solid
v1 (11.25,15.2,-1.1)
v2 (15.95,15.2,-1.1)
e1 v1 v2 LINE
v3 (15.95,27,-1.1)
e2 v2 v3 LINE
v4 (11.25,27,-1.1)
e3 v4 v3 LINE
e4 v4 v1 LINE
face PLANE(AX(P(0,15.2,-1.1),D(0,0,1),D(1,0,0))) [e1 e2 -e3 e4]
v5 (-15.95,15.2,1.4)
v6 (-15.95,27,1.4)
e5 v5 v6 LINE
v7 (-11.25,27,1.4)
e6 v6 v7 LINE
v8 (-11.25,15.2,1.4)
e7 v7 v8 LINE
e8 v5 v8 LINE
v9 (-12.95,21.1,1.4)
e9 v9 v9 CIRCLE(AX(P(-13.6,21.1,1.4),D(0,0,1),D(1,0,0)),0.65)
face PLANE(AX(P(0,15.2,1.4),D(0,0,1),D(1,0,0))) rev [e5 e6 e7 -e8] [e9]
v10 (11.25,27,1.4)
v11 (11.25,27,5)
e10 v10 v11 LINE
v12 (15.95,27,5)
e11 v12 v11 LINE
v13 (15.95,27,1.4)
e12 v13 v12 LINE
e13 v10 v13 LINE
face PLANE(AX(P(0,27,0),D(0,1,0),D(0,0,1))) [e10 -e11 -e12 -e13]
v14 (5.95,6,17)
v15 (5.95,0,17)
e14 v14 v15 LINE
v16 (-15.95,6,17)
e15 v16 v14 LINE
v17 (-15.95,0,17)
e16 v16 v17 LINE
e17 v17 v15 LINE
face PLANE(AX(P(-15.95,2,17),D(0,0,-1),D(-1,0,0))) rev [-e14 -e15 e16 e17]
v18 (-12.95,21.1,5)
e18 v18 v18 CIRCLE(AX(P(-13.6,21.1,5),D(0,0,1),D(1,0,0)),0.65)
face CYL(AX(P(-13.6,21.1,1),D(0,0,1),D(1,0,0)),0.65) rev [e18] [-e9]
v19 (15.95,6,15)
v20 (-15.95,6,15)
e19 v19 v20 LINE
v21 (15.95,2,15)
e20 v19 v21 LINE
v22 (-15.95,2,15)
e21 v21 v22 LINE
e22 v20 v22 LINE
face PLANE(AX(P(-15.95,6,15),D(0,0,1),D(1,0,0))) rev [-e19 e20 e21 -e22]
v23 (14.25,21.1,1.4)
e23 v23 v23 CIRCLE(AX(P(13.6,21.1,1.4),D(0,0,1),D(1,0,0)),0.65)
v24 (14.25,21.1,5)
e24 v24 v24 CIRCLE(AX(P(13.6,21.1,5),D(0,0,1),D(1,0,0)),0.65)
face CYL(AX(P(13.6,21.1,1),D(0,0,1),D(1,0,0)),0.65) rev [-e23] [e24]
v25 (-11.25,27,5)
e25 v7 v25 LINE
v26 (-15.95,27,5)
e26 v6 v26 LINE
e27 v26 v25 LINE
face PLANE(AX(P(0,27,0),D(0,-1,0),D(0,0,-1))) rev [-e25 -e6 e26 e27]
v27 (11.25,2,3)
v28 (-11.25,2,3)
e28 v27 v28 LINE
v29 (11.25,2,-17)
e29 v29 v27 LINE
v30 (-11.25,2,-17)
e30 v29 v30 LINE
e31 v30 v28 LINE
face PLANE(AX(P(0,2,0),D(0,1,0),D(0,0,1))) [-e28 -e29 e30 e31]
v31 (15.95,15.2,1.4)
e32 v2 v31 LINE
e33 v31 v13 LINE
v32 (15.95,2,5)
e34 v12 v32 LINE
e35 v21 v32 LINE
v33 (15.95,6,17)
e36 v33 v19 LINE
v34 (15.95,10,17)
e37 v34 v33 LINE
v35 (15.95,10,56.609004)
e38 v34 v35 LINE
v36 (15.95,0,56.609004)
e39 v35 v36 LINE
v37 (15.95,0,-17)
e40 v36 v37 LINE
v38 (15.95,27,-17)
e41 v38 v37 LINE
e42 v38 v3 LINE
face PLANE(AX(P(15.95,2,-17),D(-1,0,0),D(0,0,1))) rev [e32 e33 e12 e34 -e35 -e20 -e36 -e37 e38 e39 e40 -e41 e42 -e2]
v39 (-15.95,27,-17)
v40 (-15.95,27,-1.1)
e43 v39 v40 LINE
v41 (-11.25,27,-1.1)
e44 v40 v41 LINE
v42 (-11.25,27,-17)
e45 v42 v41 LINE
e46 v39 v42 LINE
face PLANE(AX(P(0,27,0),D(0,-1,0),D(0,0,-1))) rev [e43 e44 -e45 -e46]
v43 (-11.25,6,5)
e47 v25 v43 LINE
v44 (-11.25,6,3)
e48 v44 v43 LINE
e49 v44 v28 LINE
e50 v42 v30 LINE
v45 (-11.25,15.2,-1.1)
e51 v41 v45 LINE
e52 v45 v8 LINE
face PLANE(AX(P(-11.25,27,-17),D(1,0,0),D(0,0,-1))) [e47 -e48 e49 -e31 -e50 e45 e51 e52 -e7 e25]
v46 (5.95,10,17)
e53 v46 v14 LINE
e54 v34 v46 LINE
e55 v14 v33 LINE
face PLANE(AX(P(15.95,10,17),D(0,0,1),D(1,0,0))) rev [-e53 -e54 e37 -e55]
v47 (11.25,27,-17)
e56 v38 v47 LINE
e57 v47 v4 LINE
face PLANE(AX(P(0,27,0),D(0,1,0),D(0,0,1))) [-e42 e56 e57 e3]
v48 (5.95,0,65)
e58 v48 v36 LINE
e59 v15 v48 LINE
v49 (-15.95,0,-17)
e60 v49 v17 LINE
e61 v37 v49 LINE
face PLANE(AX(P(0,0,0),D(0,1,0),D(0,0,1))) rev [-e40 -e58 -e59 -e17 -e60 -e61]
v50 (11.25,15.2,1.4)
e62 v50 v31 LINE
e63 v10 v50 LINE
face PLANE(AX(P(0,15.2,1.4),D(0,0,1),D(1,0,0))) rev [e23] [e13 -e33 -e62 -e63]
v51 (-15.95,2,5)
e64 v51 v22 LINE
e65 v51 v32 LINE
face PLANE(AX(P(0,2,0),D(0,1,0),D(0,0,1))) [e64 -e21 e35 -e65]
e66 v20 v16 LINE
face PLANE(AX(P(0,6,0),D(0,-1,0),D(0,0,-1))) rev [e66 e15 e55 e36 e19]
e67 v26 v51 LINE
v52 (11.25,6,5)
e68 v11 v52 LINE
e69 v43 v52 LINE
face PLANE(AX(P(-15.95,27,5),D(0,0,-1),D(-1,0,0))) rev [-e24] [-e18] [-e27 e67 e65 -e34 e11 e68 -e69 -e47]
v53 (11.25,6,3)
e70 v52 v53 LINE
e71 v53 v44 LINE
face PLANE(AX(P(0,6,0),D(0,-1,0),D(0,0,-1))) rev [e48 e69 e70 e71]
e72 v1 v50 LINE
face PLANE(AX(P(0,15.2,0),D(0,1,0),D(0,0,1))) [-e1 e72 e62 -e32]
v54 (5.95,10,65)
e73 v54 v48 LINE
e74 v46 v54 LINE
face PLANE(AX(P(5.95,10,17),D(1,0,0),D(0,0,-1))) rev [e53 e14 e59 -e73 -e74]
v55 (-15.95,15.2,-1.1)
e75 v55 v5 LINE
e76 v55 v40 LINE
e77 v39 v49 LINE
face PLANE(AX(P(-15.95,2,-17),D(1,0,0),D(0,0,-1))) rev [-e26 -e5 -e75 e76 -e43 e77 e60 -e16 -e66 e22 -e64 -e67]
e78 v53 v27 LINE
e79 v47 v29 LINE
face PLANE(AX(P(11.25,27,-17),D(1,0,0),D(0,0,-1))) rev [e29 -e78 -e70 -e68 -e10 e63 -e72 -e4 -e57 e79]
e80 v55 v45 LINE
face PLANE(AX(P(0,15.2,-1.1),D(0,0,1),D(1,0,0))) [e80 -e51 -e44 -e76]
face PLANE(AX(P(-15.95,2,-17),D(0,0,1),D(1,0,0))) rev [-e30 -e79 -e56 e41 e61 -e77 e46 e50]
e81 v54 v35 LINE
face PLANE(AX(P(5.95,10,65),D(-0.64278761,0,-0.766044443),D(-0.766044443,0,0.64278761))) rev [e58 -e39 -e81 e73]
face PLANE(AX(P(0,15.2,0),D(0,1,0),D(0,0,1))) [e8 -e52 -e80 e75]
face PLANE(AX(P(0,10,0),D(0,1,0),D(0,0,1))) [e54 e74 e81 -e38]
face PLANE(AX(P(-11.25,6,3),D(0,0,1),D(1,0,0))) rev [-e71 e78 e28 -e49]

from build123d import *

# Parameters (mm, degrees)
SKETCH1_W           = 31.9
SKETCH1_H           = 34
BOSS_EXTRUDE3_DEPTH = 2
SKETCH2_W           = 4.7
SKETCH2_H           = 22
BOSS_EXTRUDE4_DEPTH = 25
SKETCH3_W           = 22.5
SKETCH3_H           = 2
SKETCH3_W_2         = 31.9
BOSS_EXTRUDE5_DEPTH = 4
SKETCH6_W           = 27.2
SKETCH6_H           = 2.5
SKETCH6_W_2         = 4.7
CUT_EXTRUDE1_DEPTH  = 11.8
SKETCH7_R           = 0.65
CUT_EXTRUDE2_DEPTH  = 4
BOSS_EXTRUDE6_DEPTH = 10


with BuildPart() as part:
    # Sketch1 → Boss-Extrude3 (new body)
    with BuildSketch(Plane(origin=(0, 0, 0), x_dir=(1, 0, 0), z_dir=(0, 1, 0))):
        Rectangle(SKETCH1_W, SKETCH1_H)
    extrude(amount=BOSS_EXTRUDE3_DEPTH)

    # Sketch2 → Boss-Extrude4 (add)
    with BuildSketch(Plane(origin=(0, 2, 0), x_dir=(1, 0, 0), z_dir=(0, 1, 0))):
        with Locations((-13.6, 6)):
            Rectangle(SKETCH2_W, SKETCH2_H)
        with Locations((13.6, 6)):
            Rectangle(SKETCH2_W, SKETCH2_H)
    extrude(amount=BOSS_EXTRUDE4_DEPTH)

    # Sketch3 → Boss-Extrude5 (add)
    with BuildSketch(Plane(origin=(0, 2, 0), x_dir=(1, 0, 0), z_dir=(0, 1, 0))):
        with Locations((0, -4)):
            Rectangle(SKETCH3_W, SKETCH3_H)
        with Locations((0, -16)):
            Rectangle(SKETCH3_W_2, SKETCH3_H)
    extrude(amount=BOSS_EXTRUDE5_DEPTH)

    # Sketch6 → Cut-Extrude1 (cut)
    with BuildSketch(Plane(origin=(0, 27, 0), x_dir=(1, 0, 0), z_dir=(0, 1, 0))):
        with Locations((2.35, -0.15)):
            Rectangle(SKETCH6_W, SKETCH6_H)
        with Locations((-13.6, -0.15)):
            Rectangle(SKETCH6_W_2, SKETCH6_H)
    extrude(amount=-CUT_EXTRUDE1_DEPTH, mode=Mode.SUBTRACT)

    # Sketch7 → Cut-Extrude2 (cut)
    with BuildSketch(Plane.XY.offset(5)):
        with Locations((-13.6, 21.1)):
            Circle(SKETCH7_R)
        with Locations((13.6, 21.1)):
            Circle(SKETCH7_R)
    extrude(amount=-CUT_EXTRUDE2_DEPTH, mode=Mode.SUBTRACT)

    # Sketch8 → Boss-Extrude6 (add)
    with BuildSketch(Plane(origin=(0, 0, 0), x_dir=(1, 0, 0), z_dir=(0, 1, 0))):
        Polygon((5.95, -65), (15.95, -56.609003688), (15.95, -17), (5.95, -17), align=None)
    extrude(amount=BOSS_EXTRUDE6_DEPTH)


solid = part.part
